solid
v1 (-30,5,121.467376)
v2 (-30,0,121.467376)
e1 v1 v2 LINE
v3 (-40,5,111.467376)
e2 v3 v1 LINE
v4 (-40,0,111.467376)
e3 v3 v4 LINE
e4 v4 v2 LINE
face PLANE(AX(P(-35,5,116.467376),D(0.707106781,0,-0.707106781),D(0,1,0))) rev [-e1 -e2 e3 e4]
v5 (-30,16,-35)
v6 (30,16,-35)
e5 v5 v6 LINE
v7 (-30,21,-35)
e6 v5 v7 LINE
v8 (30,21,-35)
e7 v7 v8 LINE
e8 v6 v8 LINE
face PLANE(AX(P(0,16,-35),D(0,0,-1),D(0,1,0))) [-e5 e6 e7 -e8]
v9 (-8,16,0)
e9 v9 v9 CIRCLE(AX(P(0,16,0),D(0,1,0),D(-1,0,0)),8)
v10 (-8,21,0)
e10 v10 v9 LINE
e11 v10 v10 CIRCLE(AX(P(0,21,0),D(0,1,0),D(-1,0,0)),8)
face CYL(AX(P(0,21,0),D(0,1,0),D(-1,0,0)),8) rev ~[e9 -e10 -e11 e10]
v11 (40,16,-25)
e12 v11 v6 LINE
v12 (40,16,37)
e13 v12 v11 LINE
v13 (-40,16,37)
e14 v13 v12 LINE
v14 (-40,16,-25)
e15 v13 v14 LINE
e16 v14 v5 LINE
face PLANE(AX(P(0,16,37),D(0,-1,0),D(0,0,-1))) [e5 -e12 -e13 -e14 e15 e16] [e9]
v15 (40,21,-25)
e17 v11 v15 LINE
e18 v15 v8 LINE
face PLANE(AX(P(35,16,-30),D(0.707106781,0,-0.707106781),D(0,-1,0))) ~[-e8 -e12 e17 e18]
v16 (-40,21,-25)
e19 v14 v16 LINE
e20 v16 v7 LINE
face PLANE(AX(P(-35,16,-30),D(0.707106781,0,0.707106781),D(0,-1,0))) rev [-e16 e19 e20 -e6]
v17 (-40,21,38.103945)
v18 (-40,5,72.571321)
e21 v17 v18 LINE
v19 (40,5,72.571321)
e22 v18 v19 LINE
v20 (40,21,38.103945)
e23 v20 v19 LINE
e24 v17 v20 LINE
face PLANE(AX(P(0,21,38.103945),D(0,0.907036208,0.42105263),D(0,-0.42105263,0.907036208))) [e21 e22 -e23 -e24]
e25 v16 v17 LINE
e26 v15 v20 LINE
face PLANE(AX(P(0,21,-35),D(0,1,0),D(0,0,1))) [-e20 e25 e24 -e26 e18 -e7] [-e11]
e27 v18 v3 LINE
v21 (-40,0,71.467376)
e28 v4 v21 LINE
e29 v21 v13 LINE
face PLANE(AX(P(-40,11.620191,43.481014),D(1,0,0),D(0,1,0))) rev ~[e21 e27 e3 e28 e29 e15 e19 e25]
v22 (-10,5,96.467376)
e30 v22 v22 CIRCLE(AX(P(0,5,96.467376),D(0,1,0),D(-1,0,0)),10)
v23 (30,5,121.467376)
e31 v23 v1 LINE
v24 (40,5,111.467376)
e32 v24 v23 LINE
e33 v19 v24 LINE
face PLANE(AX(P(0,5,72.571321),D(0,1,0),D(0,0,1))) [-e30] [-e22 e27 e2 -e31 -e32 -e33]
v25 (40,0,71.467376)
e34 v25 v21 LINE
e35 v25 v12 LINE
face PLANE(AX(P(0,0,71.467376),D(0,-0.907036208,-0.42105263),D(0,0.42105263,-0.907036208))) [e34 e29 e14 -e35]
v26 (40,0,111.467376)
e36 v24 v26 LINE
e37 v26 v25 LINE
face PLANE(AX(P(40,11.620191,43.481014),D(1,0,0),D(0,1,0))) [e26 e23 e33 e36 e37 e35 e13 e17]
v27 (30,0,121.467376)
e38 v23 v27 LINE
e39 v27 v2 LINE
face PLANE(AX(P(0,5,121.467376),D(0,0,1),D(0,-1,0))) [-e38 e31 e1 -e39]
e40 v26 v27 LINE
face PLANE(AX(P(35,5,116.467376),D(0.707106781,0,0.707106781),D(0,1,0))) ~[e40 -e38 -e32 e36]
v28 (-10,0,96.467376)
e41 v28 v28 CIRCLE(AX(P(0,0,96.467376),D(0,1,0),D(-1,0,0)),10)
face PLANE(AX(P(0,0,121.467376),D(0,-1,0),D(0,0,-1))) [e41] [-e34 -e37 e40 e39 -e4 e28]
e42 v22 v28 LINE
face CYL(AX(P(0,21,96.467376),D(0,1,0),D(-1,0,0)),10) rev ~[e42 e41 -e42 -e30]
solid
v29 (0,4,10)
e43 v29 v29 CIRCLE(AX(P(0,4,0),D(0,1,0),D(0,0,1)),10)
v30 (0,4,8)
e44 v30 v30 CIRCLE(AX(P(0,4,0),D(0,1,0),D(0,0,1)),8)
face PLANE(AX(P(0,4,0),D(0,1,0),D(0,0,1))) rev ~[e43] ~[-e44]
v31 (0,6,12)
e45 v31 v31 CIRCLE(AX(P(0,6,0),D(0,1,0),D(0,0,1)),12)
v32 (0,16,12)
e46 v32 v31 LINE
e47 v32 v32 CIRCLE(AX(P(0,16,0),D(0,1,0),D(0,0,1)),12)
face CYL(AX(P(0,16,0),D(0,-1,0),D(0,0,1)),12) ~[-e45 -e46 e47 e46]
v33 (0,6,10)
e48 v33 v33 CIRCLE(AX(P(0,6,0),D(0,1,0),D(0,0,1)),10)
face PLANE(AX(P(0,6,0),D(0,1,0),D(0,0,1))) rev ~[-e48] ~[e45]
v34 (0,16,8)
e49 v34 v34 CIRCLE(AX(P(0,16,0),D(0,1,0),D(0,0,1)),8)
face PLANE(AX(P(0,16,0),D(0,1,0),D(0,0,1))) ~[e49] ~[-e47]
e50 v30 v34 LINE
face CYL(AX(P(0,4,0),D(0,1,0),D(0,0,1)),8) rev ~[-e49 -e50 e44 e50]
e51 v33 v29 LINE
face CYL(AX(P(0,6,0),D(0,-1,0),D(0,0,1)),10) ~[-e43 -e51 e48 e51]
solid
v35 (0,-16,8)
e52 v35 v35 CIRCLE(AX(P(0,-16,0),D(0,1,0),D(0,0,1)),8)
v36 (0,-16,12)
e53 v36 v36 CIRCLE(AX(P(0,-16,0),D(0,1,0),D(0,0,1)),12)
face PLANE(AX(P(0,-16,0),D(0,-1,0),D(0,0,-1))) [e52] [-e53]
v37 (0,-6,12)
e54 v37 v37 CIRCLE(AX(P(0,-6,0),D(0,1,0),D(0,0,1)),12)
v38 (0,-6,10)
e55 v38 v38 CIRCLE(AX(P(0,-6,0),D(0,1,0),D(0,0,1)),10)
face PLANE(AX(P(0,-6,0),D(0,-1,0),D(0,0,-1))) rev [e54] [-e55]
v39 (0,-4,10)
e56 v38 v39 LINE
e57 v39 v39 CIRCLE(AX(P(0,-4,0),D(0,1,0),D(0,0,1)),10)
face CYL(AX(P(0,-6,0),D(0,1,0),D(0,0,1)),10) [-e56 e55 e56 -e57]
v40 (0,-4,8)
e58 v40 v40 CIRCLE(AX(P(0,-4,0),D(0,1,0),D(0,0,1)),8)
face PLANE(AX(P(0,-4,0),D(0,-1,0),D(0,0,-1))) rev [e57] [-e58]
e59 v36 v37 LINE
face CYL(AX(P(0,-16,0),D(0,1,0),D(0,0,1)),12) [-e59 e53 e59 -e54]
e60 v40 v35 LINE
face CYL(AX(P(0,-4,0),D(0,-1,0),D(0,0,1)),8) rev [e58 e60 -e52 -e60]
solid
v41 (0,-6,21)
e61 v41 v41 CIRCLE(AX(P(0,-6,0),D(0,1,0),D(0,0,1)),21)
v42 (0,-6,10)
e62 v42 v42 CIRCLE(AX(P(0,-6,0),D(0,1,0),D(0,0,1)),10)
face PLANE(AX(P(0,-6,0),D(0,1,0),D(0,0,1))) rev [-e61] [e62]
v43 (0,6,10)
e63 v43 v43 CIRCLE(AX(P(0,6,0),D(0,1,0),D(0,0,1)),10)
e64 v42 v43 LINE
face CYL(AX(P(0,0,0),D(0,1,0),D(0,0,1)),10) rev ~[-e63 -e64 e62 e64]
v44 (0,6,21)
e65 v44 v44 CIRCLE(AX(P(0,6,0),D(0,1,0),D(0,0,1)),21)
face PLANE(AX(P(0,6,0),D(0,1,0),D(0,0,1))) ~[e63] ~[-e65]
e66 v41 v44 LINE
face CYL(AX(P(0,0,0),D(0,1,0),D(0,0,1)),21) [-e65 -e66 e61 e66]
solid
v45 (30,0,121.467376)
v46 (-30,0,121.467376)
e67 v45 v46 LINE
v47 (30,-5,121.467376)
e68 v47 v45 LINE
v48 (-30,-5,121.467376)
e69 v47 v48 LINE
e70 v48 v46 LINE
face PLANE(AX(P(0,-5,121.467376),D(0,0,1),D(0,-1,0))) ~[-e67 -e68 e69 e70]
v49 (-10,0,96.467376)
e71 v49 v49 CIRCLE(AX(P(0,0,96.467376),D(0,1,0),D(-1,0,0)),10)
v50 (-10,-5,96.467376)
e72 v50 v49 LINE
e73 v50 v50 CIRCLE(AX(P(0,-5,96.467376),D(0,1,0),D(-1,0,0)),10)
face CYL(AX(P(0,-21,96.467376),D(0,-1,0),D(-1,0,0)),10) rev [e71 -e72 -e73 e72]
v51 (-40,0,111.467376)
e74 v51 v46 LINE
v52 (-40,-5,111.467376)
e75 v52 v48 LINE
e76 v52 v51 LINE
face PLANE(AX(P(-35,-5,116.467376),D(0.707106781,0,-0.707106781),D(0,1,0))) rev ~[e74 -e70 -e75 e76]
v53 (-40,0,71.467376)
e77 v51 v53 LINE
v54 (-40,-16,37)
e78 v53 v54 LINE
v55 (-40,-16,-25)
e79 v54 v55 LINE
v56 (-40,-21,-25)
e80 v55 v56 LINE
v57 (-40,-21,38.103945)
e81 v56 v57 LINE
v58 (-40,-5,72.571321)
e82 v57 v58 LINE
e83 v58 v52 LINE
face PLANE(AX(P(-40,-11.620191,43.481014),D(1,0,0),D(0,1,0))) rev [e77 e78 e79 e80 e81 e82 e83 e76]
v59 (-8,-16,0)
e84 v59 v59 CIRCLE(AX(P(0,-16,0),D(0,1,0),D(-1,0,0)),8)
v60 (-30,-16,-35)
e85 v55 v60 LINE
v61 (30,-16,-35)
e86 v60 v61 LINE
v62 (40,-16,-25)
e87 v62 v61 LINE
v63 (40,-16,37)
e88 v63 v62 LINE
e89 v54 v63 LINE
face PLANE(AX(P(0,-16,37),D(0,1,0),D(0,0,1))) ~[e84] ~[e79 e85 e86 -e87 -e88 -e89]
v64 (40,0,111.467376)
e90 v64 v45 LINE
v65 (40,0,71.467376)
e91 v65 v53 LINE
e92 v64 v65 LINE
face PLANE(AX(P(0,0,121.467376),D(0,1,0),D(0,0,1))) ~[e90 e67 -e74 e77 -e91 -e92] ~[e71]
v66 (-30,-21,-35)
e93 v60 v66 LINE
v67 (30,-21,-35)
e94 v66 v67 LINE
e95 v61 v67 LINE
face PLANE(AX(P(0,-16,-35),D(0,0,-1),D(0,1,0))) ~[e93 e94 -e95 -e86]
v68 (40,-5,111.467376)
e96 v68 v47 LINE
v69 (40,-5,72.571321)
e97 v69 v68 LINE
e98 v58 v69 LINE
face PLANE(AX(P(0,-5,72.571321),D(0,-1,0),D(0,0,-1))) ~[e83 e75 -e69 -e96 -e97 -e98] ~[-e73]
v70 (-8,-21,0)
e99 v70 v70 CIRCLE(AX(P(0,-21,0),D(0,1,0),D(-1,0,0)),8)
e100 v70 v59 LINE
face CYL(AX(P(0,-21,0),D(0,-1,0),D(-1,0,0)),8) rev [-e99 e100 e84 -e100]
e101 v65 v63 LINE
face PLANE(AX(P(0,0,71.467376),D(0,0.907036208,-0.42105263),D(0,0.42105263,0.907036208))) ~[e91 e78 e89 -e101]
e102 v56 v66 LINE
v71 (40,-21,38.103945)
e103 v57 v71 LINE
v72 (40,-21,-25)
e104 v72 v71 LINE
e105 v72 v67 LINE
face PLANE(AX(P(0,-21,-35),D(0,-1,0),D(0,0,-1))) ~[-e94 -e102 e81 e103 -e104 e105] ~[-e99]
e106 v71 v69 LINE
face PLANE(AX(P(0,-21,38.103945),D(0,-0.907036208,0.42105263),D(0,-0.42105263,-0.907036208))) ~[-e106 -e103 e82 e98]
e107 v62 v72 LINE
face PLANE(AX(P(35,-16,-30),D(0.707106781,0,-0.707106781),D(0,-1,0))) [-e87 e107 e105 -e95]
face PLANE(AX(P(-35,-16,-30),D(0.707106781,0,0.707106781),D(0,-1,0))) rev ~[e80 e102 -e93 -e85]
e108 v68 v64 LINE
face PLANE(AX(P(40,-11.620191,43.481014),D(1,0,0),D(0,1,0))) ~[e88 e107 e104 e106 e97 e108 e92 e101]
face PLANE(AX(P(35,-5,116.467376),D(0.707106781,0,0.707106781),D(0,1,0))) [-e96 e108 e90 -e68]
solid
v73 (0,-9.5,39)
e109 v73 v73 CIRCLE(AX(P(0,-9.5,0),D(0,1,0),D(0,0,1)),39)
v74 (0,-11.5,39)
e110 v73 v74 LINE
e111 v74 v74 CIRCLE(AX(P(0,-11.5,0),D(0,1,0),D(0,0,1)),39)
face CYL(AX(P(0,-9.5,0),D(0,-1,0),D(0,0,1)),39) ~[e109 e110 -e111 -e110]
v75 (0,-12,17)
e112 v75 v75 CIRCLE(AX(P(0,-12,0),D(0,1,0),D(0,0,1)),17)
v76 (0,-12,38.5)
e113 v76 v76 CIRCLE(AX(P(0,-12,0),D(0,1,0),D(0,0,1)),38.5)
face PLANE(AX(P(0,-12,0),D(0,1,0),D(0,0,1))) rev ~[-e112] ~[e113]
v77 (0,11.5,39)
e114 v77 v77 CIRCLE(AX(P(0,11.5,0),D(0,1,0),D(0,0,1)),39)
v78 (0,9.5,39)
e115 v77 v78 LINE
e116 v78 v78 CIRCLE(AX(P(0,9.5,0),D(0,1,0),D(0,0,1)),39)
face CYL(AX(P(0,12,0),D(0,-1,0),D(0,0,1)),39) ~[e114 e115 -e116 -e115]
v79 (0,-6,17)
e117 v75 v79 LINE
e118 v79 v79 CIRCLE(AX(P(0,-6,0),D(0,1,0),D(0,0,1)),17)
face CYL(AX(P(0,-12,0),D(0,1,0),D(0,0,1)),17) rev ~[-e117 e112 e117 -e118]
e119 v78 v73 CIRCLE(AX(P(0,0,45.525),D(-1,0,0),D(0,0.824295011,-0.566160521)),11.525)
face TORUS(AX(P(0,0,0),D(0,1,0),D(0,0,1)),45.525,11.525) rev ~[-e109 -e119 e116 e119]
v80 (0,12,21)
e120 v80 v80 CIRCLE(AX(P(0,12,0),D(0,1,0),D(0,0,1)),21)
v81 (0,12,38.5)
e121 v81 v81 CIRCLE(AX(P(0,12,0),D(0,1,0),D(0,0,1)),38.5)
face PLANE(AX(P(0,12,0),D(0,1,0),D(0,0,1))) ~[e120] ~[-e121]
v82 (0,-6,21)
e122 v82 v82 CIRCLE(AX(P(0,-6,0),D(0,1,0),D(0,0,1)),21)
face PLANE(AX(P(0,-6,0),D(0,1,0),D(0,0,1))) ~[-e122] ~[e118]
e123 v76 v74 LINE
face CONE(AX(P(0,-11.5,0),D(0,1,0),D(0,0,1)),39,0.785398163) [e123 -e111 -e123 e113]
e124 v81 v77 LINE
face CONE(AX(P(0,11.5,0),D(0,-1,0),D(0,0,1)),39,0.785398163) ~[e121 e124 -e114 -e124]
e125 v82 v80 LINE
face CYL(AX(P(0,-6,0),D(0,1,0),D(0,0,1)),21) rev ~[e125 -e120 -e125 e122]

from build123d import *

# Parameters (mm, degrees)
F2_SIZE   = 0.5
F3_W      = 12
F3_H      = 11
F9_DEPTH  = 40
F10_R     = 8
F10_R_2   = 10
F11_DEPTH = 37.001
F12_SIZE  = 10


with BuildPart() as f1:
    # F0 (on Right) → F1 (revolve)
    with BuildSketch(Plane.YZ):
        with BuildLine():
            Line((-12, 39), (-12, 17))
            Line((-12, 17), (-6, 17))
            Line((-6, 17), (-6, 21))
            Line((-6, 21), (12, 21))
            Line((12, 21), (12, 39))
            Line((12, 39), (9.5, 39))
            ThreePointArc((9.5, 39), (0, 34), (-9.5, 39))
            Line((-9.5, 39), (-12, 39))
        make_face()
    revolve(axis=Axis((0, -0.299999, 0), (0, 1, 0)))

    # F2
    f2_edges = [f1.edges().sort_by_distance(p)[0] for p in [
        (0, 12, -39),
        (0, -12, -39),
    ]]
    chamfer(f2_edges, length=F2_SIZE)


with BuildPart() as f4:
    # F3 (on Right) → F4 (revolve)
    with BuildSketch(Plane.YZ):
        with Locations((0, 15.5)):
            Rectangle(F3_W, F3_H)
    revolve(axis=Axis((0, -1.944625, 0), (0, 1, 0)))


with BuildPart() as f6:
    # F5 (on Right) → F6 (revolve)
    with BuildSketch(Plane.YZ):
        Polygon((6, 10), (4, 10), (4, 8), (16, 8), (16, 12), (6, 12), align=None)
    revolve(axis=Axis((0, -0.394324, 0), (0, 1, 0)))


with BuildPart() as f7_1:
    # F7: instance of F6
    add(f6.part.mirror(Plane.XZ))


with BuildPart() as f9:
    # F8 (on Right) → F9 (new body, symmetric)
    with BuildSketch(Plane.YZ):
        Polygon((0, 71.467376), (16, 37), (16, -35), (21, -35), (21, 38.103945), (5, 72.571321), (5, 121.467376), (0, 121.467376), align=None)
    extrude(amount=F9_DEPTH, both=True)

    # F10 (on face) → F11 (cut, through all)
    with BuildSketch(Plane(origin=(0, 21, 0), x_dir=(-1, 0, 0), z_dir=(0, 1, 0))):
        Circle(F10_R)
        with Locations((0, 96.467376)):
            Circle(F10_R_2)
    extrude(amount=-F11_DEPTH, mode=Mode.SUBTRACT)

    # F12
    f12_edges = [f9.edges().sort_by_distance(p)[0] for p in [
        (40, 2.5, 121.467376),
        (-40, 2.5, 121.467376),
        (40, 18.5, -35),
        (-40, 18.5, -35),
    ]]
    chamfer(f12_edges, length=F12_SIZE)


with BuildPart() as f13_1:
    # F13: instance of F9
    add(f9.part.mirror(Plane.XZ))


solid = Compound([f1.part, f4.part, f6.part, f7_1.part, f9.part, f13_1.part])
